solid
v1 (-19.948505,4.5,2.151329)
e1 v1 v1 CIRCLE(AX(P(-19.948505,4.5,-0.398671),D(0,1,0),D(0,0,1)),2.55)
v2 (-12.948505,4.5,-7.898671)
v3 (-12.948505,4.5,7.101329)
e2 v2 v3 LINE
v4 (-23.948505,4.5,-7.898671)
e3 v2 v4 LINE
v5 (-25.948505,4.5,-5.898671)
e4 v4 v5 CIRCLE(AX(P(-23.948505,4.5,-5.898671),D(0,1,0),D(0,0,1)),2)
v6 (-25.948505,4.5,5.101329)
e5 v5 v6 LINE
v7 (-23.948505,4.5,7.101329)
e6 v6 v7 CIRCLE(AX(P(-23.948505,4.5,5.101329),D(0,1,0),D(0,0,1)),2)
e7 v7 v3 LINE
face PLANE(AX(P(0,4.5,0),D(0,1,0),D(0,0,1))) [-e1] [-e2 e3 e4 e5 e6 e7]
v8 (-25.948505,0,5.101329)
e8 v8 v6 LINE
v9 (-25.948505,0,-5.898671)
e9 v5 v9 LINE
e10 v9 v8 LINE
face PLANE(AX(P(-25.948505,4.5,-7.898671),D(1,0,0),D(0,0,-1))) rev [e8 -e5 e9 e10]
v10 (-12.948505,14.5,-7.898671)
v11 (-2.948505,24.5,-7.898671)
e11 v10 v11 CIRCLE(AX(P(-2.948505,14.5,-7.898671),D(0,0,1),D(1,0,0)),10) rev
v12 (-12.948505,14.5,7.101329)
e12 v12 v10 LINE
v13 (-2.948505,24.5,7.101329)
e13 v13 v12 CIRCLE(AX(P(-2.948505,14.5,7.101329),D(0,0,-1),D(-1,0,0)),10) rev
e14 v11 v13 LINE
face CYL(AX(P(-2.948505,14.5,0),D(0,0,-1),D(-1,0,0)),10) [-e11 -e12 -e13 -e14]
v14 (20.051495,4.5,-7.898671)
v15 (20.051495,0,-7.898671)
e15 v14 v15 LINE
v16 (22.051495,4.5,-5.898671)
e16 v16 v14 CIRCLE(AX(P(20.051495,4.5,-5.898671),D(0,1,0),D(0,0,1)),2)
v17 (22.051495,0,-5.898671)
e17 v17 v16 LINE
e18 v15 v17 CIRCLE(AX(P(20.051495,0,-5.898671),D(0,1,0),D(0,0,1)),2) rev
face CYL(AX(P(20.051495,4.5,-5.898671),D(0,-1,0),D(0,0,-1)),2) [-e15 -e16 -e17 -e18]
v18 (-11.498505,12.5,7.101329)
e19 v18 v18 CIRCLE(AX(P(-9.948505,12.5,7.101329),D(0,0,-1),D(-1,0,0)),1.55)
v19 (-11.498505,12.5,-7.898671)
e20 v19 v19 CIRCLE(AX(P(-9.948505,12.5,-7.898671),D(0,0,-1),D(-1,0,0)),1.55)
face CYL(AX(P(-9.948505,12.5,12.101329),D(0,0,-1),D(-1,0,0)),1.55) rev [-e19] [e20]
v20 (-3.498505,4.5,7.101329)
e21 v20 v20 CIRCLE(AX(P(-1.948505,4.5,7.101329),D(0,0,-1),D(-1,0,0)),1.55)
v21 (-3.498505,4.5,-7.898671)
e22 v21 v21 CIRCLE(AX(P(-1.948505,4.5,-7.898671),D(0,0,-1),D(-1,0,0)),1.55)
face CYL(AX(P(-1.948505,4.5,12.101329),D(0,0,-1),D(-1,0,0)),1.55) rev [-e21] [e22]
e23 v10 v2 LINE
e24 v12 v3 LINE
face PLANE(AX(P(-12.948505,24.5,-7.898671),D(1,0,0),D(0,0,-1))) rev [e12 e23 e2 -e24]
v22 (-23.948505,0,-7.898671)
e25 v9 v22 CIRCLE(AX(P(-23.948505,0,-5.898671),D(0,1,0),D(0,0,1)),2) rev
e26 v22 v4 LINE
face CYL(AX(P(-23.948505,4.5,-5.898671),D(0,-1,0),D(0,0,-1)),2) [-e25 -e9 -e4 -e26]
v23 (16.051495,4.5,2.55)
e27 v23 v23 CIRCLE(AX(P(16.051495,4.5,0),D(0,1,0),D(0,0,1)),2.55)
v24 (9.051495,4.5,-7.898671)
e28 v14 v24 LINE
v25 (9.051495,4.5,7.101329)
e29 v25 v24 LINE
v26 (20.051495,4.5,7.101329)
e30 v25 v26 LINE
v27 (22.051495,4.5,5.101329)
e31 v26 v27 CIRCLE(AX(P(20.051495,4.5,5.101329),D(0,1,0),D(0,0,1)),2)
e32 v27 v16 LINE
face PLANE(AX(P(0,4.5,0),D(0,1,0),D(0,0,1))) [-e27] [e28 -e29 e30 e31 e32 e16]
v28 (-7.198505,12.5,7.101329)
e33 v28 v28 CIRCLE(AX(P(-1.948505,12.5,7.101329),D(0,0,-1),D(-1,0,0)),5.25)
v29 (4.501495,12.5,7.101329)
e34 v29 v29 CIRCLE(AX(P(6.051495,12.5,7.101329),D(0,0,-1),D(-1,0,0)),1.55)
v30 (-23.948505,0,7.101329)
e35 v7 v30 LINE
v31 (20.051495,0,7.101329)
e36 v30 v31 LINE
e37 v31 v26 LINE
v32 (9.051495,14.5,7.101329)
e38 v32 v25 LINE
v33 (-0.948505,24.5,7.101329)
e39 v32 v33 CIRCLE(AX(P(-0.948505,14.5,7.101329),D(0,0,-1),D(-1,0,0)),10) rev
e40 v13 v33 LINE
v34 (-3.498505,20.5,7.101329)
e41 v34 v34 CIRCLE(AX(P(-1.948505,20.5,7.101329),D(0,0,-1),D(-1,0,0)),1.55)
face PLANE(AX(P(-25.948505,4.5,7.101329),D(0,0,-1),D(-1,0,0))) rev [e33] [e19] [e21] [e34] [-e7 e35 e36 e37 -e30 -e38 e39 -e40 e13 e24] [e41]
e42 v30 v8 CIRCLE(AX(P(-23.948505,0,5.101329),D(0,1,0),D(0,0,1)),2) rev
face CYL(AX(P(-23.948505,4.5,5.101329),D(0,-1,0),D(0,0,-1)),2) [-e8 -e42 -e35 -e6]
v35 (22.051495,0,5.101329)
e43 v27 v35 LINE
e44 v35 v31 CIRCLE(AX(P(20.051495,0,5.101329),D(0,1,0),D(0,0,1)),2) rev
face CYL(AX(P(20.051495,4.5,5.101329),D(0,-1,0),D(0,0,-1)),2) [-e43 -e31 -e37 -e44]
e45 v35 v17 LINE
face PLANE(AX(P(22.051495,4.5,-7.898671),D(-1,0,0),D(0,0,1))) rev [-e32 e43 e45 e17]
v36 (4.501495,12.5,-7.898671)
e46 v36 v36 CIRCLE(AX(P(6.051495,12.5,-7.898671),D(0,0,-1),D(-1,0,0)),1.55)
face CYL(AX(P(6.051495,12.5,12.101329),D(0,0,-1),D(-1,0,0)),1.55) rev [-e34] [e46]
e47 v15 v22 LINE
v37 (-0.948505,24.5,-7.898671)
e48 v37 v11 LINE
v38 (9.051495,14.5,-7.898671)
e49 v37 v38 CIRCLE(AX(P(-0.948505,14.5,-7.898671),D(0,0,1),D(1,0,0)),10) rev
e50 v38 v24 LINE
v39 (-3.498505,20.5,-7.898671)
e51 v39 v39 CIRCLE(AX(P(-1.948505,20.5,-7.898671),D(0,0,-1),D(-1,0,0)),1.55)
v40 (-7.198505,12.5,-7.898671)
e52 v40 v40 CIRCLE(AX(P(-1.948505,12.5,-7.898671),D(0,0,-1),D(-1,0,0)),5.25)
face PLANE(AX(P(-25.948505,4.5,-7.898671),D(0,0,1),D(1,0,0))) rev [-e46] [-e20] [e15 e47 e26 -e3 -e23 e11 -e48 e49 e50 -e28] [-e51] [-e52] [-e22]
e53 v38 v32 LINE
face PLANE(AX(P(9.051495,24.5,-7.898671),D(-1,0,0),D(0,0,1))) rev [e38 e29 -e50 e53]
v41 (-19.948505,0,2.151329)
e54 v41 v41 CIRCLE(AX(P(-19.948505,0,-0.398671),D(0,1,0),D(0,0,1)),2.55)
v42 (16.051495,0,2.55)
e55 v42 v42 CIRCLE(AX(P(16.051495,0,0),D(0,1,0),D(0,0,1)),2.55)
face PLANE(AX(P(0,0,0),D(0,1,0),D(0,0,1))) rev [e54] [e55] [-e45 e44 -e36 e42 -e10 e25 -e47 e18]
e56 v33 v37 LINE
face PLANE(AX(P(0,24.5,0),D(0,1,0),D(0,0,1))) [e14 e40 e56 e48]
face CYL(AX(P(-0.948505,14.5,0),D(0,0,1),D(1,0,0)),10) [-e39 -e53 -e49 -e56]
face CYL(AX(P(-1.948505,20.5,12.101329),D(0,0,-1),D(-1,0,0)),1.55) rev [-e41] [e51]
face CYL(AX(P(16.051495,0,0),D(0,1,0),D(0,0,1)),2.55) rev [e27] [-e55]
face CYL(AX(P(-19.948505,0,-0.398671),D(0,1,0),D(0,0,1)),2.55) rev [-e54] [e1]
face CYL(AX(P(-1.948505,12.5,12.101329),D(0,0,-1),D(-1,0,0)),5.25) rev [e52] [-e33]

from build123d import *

# Parameters (mm, degrees)
SKETCH_1_W          = 48
SKETCH_1_H          = 15
EXTRUDE_1_DEPTH     = 4.5
SKETCH_2_W          = 22
SKETCH_2_H          = 15
EXTRUDE_2_DEPTH     = 20
FILLET_1_R          = 10
SKETCH_3_R          = 2.55
CUT_EXTRUDE_1_DEPTH = 34.700354834
SKETCH_4_R          = 5.25
SKETCH_4_R_2        = 1.55
CUT_EXTRUDE_2_DEPTH = 20
FILLET_2_R          = 2


with BuildPart() as part:
    # 草图1 → 凸台-拉伸1 (new body)
    with BuildSketch(Plane(origin=(0, 0, 0), x_dir=(1, 0, 0), z_dir=(0, 1, 0))):
        with Locations((-1.948504983, 0.398671096)):
            Rectangle(SKETCH_1_W, SKETCH_1_H)
    extrude(amount=EXTRUDE_1_DEPTH)

    # 草图2 → 凸台-拉伸2 (add)
    with BuildSketch(Plane(origin=(0, 4.5, 0), x_dir=(1, 0, 0), z_dir=(0, 1, 0))):
        with Locations((-1.948504983, 0.398671096)):
            Rectangle(SKETCH_2_W, SKETCH_2_H)
    extrude(amount=EXTRUDE_2_DEPTH)

    # 圆角1
    fillet_1_edges = [part.edges().sort_by_distance(p)[0] for p in [
        (-12.948504983, 24.5, -0.398671096),
        (9.051495017, 24.5, -0.398671096),
    ]]
    fillet(fillet_1_edges, radius=FILLET_1_R)

    # 草图3 → 切除-拉伸1 (cut, through all)
    with BuildSketch(Plane(origin=(0, 4.5, 0), x_dir=(1, 0, 0), z_dir=(0, 1, 0))):
        with Locations(Location((-19.948504983, 0.398671096, 0), (0, 0, 270))):
            Circle(SKETCH_3_R)
        with Locations(Location((16.051495017, 0, 0), (0, 0, 270))):
            Circle(SKETCH_3_R)
    extrude(amount=-CUT_EXTRUDE_1_DEPTH, mode=Mode.SUBTRACT)

    # 草图4 → 切除-拉伸2 (cut)
    with BuildSketch(Plane(origin=(0, 0, -7.898671096), x_dir=(-1, 0, 0), z_dir=(0, 0, -1))):
        with Locations((1.948504983, 12.5)):
            Circle(SKETCH_4_R)
        with Locations((1.948504983, 20.5)):
            Circle(SKETCH_4_R_2)
        with Locations((9.948504983, 12.5)):
            Circle(SKETCH_4_R_2)
        with Locations((1.948504983, 4.5)):
            Circle(SKETCH_4_R_2)
        with Locations((-6.051495017, 12.5)):
            Circle(SKETCH_4_R_2)
    extrude(amount=-CUT_EXTRUDE_2_DEPTH, mode=Mode.SUBTRACT)

    # 圆角2
    fillet_2_edges = [part.edges().sort_by_distance(p)[0] for p in [
        (-25.948504983, 2.25, -7.898671096),
        (22.051495017, 2.25, -7.898671096),
        (22.051495017, 2.25, 7.101328904),
        (-25.948504983, 2.25, 7.101328904),
    ]]
    fillet(fillet_2_edges, radius=FILLET_2_R)


solid = part.part
